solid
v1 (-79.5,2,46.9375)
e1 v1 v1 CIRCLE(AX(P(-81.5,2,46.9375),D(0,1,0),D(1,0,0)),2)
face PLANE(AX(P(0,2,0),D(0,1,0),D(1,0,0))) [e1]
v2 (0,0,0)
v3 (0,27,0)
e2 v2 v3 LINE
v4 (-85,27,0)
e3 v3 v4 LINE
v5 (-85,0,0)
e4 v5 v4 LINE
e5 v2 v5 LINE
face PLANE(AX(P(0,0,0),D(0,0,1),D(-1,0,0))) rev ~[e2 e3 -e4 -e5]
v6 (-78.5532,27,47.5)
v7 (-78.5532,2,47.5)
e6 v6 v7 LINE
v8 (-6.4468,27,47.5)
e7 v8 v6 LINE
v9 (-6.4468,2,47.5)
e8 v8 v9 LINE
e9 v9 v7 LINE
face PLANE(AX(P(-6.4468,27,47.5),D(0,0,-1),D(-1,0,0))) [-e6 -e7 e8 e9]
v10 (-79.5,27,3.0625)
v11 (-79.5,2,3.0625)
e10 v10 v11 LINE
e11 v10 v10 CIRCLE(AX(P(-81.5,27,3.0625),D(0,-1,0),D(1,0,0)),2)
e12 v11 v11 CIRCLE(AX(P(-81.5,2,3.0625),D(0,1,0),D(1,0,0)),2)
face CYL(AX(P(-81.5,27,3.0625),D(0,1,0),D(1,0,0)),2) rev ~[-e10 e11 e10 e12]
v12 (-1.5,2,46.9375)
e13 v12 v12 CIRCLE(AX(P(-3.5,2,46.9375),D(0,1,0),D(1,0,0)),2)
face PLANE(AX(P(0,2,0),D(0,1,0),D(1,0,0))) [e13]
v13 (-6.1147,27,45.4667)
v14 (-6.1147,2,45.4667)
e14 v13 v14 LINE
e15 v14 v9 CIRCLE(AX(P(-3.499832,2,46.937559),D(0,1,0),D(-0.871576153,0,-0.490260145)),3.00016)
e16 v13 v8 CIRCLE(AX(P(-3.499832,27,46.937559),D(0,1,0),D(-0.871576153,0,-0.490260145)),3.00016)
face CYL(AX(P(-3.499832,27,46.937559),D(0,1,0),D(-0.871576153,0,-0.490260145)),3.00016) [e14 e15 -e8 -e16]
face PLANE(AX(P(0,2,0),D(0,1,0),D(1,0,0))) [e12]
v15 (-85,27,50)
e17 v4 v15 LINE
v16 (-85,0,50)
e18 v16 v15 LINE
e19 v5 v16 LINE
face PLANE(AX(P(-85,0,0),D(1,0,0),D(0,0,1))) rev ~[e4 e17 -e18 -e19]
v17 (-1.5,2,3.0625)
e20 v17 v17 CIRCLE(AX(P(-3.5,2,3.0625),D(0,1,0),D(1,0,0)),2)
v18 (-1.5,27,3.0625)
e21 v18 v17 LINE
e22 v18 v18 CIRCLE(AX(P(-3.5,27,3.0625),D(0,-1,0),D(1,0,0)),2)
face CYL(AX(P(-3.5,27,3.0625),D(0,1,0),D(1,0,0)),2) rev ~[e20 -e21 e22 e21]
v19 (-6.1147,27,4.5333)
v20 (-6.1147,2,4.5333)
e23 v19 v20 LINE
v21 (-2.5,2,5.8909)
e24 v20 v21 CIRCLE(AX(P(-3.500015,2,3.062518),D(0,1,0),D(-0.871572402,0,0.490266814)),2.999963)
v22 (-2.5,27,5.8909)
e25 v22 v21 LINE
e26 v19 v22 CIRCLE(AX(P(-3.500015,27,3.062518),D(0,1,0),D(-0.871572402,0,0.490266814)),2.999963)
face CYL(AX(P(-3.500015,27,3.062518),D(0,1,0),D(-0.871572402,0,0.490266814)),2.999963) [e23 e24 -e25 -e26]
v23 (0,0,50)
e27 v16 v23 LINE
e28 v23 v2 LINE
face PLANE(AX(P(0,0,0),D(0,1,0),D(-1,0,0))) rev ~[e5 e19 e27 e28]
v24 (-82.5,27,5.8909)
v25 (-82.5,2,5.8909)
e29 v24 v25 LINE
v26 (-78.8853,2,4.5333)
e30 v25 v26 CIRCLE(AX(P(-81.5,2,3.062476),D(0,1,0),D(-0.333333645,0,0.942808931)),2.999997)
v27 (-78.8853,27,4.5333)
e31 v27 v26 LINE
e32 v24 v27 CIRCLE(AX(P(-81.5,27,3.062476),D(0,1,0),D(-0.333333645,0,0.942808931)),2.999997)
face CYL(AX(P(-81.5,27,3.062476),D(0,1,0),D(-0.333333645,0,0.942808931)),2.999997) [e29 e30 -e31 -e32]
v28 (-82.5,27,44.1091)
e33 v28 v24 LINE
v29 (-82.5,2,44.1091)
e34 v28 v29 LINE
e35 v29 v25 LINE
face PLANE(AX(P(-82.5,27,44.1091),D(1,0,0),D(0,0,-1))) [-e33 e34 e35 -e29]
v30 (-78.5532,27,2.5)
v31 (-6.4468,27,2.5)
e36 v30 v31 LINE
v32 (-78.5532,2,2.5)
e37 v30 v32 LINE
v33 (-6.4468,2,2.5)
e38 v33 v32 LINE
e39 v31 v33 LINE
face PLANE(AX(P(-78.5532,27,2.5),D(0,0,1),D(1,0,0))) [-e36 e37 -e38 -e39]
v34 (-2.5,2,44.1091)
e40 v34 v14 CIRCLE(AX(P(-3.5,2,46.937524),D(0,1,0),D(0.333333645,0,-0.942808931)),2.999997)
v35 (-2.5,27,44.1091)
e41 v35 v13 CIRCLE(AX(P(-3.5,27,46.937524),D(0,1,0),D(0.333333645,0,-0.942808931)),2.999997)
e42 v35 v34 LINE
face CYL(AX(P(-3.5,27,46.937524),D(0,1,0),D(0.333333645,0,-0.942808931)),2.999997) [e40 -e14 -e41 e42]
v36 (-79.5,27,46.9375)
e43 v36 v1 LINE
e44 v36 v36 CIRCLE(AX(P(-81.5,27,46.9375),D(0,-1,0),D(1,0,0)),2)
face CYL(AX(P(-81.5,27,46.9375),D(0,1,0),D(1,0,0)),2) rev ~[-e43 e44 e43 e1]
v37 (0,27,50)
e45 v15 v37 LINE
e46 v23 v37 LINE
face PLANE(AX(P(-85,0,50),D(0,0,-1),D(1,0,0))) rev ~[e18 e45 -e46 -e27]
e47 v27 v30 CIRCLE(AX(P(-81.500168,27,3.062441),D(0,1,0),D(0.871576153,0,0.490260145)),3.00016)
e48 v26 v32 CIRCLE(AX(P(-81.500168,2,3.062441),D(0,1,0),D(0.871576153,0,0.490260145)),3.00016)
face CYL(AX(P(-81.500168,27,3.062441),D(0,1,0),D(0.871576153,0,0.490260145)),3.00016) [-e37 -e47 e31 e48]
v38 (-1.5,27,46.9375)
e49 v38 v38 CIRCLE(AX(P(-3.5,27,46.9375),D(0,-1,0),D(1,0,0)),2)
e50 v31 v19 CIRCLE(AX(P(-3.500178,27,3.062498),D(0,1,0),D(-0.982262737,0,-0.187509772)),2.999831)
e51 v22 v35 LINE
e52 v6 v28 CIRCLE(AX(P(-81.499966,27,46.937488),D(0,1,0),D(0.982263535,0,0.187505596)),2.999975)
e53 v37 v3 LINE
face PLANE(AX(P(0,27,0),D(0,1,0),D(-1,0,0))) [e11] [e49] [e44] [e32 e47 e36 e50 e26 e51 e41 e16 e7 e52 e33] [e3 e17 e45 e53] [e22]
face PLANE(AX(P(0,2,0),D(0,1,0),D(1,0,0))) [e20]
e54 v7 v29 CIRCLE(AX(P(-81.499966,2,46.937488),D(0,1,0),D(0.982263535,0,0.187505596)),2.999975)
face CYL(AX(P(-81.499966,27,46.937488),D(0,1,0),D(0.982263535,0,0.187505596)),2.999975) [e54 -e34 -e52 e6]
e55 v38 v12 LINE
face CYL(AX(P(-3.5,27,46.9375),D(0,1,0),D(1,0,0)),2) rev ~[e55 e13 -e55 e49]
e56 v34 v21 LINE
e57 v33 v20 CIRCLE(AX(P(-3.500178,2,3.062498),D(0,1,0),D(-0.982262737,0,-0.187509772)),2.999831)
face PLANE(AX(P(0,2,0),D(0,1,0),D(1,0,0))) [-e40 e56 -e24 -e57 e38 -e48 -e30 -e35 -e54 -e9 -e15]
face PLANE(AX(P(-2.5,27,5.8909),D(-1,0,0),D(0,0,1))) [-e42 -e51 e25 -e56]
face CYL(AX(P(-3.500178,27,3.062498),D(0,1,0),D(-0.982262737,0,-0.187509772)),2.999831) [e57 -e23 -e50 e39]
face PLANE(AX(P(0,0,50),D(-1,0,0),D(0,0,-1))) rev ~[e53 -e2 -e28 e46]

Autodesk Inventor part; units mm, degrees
ref_plane "YZ Plane" through (0, 0, 0) normal (1, 0, 0) x (0, 1, 0)
ref_plane "XZ Plane" through (0, 0, 0) normal (0, 1, 0) x (-1, 0, 0)
ref_plane "XY Plane" through (0, 0, 0) normal (0, 0, 1) x (1, 0, 0)
sketch "Esquisse1" plane through (0, 0, 0) normal (0, 1, 0) x (-1, 0, 0)
  line L0 (0, 0) -> (85, 0)
  line L1 (85, 0) -> (85, 50)
  line L2 (85, 50) -> (0, 50)
  line L3 (0, 50) -> (0, 0)
  dimension "d0" = 85
  dimension "d1" = 50
extrude "Extrusion1" add sketch "Esquisse1" along normal blind 27
sketch "Esquisse2" plane through (0, 27, 0) normal (0, 1, 0) x (1, 0, 0)
  line L0 (0, 0) -> (-85, 0) projected
  line L1 (-85, 0) -> (-85, -50) projected
  line L2 (-85, -50) -> (0, -50) projected
  line L3 (0, -50) -> (0, 0) projected
  line L4 (-82.5, -2.5) -> (-78.5532, -2.5)
  line L5 (-2.5, -2.5) -> (-2.5, -5.8909)
  line L6 (-2.5, -47.5) -> (-78.5532, -47.5)
  line L7 (-82.5, -47.5) -> (-82.5, -44.1091)
  line L8 (-82.5, -2.5) -> (-2.5, -47.5) construction
  line L9 (-2.5, -2.5) -> (-82.5, -47.5) construction
  circle A0 centre (-81.5, -3.0625) radius 2
  arc A1 (-78.8853, -4.5333) -> (-78.5532, -2.5) centre (-81.5, -3.0625) ccw
  line L10 (-42.5, -25) -> (-42.5, -2.5) construction
  line L11 (-42.5, -25) -> (-82.5, -25) construction
  circle A2 centre (-3.5, -3.0625) radius 2
  arc A3 (-6.1147, -4.5333) -> (-2.5, -5.8909) centre (-3.5, -3.0625) ccw
  circle A4 centre (-81.5, -46.9375) radius 2
  arc A5 (-78.5532, -47.5) -> (-82.5, -44.1091) centre (-81.5, -46.9375) ccw
  circle A6 centre (-3.5, -46.9375) radius 2
  arc A7 (-6.1147, -45.4667) -> (-6.4468, -47.5) centre (-3.5, -46.9375) ccw
  arc A8 (-82.5, -5.8909) -> (-78.8853, -4.5333) centre (-81.5, -3.0625) ccw
  arc A9 (-78.5532, -2.5) -> (-82.5, -5.8909) centre (-81.5, -3.0625) ccw
  arc A10 (-6.4468, -2.5) -> (-6.1147, -4.5333) centre (-3.5, -3.0625) ccw
  arc A11 (-2.5, -5.8909) -> (-6.4468, -2.5) centre (-3.5, -3.0625) ccw
  arc A12 (-2.5, -44.1091) -> (-6.1147, -45.4667) centre (-3.5, -46.9375) ccw
  arc A13 (-6.4468, -47.5) -> (-2.5, -44.1091) centre (-3.5, -46.9375) ccw
  arc A14 (-82.5, -44.1091) -> (-78.5532, -47.5) centre (-81.5, -46.9375) ccw
  line L12 (-78.5532, -47.5) -> (-82.5, -47.5)
  line L13 (-82.5, -44.1091) -> (-82.5, -2.5)
  line L14 (-42.5, -2.5) -> (-6.4468, -2.5)
  line L15 (-78.5532, -2.5) -> (-42.5, -2.5)
  line L16 (-6.4468, -2.5) -> (-2.5, -2.5)
  line L17 (-2.5, -5.8909) -> (-2.5, -25)
  line L18 (-2.5, -44.1091) -> (-2.5, -47.5)
  line L19 (-2.5, -25) -> (-2.5, -44.1091)
  dimension "d4" = 2.5
  dimension "d5" = 2.5
  dimension "d6" = 2.5
  dimension "d7" = 2.5
  dimension "d8" = 4
  dimension "d9" = 6
  dimension "d10" = 1
extrude "Extrusion2" cut sketch "Esquisse2" against normal blind 25 contours L13 A0 L4 | L4 A0 L13 | L15 L14 A10 A3 L17 L19 A12 A7 L6 A5 L13 A8 A1 | A4 L12 L7 | L7 L12 A4 | L16 L5 A2 | A2 L5 L16 | A6 L18 L6 | L6 L18 A6
equation "\"d5\" = d4"
equation "\"d6\" = d4"
equation "\"d7\" = d4"
properties part number "conrad_Strapubox_2028"
